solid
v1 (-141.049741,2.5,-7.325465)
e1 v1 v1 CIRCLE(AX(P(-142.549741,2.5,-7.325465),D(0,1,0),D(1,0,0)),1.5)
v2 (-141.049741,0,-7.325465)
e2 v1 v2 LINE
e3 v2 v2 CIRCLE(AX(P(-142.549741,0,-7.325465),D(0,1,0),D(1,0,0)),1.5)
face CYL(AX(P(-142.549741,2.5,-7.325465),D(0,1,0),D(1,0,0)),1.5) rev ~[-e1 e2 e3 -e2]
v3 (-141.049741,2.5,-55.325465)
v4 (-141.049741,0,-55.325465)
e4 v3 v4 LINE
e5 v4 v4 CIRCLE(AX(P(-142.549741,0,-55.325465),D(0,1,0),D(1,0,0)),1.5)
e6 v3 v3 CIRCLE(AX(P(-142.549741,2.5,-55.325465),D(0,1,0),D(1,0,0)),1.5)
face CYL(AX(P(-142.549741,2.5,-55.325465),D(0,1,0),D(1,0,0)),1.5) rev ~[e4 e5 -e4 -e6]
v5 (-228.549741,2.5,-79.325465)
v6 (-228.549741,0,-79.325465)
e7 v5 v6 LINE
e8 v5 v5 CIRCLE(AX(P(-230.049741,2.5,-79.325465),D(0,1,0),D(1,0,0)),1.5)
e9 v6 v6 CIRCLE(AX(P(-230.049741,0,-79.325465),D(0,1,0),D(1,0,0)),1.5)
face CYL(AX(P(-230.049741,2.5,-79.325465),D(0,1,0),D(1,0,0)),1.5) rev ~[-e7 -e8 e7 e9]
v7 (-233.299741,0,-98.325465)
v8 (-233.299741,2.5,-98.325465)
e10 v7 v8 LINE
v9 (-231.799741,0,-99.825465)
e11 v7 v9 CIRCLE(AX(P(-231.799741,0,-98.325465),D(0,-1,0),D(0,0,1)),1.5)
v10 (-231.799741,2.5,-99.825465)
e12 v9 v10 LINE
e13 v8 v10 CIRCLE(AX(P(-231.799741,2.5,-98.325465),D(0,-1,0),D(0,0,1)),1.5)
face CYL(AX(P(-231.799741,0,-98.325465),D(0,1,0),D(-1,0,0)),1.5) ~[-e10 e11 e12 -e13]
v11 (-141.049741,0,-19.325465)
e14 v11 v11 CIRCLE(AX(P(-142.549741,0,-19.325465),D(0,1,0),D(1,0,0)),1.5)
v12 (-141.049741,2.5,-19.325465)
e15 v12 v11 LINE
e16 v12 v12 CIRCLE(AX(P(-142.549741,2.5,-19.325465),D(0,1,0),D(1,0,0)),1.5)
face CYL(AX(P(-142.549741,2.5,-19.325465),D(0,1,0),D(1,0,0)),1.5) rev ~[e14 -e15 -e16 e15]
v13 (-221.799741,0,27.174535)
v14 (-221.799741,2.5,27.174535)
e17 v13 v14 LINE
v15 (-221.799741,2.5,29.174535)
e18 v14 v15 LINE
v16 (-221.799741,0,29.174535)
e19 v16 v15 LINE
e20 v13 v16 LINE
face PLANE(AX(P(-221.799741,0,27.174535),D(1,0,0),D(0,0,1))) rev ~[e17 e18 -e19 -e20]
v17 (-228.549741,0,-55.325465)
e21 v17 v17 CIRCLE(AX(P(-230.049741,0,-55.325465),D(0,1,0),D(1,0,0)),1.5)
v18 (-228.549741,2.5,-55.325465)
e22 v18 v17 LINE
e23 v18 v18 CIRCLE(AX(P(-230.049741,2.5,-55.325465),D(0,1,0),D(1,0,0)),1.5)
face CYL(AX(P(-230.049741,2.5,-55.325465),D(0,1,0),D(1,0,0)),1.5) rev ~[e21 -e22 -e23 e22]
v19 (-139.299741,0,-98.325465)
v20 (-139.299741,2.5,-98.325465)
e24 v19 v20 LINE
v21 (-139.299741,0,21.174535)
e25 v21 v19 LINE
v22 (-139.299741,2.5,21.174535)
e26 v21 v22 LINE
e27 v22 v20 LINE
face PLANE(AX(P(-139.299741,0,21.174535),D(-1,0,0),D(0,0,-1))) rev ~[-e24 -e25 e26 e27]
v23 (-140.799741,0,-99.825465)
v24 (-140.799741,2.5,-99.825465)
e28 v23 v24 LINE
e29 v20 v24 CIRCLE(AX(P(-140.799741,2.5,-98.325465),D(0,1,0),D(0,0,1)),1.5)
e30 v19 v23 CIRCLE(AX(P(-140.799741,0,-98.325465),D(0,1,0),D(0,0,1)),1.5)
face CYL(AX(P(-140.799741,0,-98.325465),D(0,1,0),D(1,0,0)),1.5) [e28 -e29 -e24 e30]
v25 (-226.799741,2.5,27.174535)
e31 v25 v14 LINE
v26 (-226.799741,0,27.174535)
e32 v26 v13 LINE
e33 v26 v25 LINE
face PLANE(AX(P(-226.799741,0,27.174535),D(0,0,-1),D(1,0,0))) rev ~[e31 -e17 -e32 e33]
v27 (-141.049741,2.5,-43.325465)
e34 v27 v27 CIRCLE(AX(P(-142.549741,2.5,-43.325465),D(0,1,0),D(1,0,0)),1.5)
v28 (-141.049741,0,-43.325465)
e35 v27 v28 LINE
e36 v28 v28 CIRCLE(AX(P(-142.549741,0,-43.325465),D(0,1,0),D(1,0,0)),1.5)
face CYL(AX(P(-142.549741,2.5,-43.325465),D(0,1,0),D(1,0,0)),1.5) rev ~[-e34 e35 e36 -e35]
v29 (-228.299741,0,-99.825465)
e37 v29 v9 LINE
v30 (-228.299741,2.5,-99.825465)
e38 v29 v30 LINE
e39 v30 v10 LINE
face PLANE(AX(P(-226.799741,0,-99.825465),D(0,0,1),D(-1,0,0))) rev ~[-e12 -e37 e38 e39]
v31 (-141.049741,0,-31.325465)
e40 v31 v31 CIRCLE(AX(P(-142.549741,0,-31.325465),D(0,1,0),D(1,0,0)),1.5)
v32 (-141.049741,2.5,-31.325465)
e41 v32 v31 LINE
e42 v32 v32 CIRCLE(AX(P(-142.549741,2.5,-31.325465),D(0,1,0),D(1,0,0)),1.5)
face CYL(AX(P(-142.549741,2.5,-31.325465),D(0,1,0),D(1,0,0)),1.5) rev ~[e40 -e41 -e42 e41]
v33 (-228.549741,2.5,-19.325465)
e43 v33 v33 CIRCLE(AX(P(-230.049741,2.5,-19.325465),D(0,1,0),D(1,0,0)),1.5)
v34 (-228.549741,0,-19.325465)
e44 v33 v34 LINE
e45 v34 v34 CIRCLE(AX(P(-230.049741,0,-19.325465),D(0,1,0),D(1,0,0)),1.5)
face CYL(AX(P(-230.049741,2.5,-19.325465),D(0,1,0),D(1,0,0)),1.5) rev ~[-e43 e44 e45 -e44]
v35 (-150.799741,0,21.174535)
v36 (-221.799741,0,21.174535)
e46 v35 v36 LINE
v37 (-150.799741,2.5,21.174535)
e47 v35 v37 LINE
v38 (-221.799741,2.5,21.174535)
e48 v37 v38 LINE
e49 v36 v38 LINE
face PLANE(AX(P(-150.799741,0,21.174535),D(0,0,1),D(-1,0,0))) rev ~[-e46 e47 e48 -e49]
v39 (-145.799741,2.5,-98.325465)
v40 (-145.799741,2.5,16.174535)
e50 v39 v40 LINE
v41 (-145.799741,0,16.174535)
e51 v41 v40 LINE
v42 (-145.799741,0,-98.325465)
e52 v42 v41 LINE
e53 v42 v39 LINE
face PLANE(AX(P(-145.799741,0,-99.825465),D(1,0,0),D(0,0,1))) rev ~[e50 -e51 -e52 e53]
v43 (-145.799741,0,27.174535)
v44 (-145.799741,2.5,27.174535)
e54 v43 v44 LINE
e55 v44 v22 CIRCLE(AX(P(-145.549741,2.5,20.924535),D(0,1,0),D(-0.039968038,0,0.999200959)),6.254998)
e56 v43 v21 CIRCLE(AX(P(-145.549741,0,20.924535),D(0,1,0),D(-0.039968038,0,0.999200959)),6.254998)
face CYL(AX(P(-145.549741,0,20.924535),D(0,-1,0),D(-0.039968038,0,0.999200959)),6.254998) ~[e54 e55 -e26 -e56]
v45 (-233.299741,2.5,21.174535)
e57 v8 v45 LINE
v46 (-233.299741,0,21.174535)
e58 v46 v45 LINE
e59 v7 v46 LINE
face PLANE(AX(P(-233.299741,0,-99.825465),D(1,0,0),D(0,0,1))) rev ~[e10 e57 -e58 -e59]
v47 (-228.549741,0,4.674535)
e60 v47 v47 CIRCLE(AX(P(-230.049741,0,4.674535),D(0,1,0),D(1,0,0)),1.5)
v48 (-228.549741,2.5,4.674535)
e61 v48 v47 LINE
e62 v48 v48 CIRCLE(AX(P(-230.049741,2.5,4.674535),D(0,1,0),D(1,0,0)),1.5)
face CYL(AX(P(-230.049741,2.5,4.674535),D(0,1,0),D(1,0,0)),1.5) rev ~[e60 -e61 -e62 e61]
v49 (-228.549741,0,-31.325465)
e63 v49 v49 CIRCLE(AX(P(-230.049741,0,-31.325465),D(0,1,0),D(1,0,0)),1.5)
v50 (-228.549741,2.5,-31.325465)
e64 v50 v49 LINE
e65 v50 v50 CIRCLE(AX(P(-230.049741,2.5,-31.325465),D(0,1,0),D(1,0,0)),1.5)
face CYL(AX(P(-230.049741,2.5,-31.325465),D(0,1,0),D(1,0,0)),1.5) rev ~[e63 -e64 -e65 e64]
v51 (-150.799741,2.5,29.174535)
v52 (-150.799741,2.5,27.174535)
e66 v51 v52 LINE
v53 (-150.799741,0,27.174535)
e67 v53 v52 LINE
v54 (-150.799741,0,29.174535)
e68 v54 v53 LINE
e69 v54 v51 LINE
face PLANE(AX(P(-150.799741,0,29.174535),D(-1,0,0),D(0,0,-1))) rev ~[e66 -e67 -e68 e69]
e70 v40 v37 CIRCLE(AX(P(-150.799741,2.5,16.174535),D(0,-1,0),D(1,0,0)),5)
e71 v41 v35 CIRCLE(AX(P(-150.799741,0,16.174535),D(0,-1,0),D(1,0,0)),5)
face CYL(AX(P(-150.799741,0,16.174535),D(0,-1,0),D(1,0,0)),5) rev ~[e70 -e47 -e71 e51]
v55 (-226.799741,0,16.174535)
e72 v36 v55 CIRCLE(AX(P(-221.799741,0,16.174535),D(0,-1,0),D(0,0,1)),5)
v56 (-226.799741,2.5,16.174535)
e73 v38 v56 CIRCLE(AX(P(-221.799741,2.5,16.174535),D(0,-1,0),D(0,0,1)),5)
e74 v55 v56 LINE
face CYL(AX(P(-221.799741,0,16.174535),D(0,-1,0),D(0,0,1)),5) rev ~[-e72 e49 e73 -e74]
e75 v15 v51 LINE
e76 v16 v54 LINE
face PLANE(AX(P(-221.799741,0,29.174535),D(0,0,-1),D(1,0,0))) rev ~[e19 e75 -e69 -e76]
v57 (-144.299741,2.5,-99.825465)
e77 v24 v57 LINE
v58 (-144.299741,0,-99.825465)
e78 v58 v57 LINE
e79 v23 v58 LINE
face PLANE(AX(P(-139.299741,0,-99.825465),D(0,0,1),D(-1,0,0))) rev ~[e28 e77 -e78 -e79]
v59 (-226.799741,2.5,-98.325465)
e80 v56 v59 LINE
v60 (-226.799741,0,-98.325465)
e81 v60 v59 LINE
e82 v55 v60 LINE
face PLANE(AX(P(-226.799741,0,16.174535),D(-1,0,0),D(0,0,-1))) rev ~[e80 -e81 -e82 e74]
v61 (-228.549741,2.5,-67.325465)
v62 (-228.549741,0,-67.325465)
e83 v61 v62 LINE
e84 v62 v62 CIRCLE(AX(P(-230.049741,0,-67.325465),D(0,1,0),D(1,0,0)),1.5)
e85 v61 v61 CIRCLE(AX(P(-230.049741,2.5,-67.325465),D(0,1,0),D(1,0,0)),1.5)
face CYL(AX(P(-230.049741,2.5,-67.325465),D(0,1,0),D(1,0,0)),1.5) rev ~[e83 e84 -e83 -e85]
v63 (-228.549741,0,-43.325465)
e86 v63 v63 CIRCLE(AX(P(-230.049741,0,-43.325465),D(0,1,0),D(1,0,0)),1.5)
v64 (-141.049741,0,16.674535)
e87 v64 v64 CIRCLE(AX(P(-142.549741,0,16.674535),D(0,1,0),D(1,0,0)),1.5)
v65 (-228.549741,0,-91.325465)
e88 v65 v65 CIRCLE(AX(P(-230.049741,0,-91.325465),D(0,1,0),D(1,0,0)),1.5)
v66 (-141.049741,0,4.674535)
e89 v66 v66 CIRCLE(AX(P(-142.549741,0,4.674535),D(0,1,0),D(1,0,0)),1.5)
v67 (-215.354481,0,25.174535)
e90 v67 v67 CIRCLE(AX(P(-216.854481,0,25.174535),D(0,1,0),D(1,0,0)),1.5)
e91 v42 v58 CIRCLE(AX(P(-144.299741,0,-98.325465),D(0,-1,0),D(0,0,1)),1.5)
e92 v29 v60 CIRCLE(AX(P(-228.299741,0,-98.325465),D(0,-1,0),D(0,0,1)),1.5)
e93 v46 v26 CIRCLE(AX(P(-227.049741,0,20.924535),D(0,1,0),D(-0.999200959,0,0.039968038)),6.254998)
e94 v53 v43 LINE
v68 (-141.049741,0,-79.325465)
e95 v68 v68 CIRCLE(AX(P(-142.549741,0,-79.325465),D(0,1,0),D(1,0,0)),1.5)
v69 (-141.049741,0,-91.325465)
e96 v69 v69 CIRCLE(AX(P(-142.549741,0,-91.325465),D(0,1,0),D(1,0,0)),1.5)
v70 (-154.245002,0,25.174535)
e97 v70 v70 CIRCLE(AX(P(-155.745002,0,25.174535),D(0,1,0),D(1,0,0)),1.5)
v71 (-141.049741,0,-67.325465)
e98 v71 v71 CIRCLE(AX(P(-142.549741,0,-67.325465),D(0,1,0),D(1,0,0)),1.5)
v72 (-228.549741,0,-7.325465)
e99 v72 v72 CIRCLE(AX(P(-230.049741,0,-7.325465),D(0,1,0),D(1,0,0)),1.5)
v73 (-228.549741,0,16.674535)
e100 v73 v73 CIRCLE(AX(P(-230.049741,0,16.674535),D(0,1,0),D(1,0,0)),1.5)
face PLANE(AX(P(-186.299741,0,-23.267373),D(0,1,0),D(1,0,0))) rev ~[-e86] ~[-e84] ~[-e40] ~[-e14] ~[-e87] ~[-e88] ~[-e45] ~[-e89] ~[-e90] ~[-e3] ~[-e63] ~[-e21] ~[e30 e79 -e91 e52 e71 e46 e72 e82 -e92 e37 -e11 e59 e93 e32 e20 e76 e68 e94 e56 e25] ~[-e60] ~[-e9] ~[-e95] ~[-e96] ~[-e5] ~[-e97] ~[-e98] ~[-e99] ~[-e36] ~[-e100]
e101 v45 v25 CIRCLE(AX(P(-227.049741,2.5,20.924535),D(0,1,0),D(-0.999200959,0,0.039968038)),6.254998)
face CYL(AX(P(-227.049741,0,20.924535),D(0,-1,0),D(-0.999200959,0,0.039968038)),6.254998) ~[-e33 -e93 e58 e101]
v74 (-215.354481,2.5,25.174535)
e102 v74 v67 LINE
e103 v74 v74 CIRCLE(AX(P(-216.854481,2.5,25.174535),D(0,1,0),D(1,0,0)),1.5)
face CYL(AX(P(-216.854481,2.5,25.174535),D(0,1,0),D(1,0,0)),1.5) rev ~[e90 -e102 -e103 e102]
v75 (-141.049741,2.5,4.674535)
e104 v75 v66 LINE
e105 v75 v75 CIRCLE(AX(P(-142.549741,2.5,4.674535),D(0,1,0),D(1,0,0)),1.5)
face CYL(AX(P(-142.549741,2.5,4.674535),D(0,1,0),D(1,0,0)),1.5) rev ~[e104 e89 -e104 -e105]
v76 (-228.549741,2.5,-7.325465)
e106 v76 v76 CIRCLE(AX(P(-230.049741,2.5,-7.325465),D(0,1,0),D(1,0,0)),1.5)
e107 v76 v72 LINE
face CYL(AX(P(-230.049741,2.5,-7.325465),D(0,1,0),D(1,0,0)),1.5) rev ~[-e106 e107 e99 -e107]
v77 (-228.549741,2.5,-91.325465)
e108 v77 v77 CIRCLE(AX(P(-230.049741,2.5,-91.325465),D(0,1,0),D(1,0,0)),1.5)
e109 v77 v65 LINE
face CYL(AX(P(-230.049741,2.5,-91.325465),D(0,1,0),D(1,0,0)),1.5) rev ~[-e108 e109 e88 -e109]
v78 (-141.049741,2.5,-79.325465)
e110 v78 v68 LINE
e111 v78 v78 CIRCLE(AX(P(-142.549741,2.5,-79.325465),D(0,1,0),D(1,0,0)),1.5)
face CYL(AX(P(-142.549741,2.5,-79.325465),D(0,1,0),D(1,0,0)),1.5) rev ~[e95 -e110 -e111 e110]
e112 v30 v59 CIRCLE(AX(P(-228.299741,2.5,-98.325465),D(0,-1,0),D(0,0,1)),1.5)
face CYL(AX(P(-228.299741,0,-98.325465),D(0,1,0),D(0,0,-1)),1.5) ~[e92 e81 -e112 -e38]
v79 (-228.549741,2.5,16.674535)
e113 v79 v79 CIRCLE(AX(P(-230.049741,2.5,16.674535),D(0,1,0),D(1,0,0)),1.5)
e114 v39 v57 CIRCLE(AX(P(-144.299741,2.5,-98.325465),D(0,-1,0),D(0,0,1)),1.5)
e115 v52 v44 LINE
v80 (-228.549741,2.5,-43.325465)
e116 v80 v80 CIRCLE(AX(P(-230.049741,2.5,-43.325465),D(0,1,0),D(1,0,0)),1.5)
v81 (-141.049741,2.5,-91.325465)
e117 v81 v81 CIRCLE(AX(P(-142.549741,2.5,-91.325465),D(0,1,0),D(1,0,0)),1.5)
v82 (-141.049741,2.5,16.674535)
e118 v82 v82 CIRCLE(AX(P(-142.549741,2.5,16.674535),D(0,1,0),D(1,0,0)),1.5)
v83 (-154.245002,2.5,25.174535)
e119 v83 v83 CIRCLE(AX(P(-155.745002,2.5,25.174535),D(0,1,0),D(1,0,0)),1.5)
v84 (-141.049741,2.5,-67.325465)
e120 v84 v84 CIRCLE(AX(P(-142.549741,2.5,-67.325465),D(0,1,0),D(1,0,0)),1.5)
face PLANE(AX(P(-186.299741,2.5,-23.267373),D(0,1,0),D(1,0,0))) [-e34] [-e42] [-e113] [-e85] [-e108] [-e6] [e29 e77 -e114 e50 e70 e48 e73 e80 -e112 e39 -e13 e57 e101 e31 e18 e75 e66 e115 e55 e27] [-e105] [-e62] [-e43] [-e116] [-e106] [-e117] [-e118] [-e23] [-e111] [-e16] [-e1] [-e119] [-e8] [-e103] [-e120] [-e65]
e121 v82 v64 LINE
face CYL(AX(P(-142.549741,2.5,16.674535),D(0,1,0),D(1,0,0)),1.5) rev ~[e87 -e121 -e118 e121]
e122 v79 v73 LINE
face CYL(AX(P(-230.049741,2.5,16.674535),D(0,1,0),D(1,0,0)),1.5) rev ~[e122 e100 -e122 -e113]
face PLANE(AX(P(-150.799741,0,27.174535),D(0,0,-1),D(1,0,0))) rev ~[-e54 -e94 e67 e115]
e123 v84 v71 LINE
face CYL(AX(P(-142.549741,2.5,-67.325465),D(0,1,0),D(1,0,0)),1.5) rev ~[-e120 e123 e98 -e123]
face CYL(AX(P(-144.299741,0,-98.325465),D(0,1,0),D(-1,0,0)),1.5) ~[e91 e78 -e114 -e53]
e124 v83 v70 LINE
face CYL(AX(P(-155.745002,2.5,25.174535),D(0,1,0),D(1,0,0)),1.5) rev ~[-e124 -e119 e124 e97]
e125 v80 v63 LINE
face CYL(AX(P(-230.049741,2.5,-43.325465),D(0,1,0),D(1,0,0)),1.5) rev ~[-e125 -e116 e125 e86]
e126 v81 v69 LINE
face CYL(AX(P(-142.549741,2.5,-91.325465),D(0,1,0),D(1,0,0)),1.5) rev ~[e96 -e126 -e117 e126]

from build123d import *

# Parameters (mm, degrees)
BOSS_EXTRUDE1_DEPTH = 2.5
SKETCH2_R           = 1.5
CUT_EXTRUDE1_DEPTH  = 2.5
FILLET1_R           = 1.5


with BuildPart() as part:
    # Sketch1 → Boss-Extrude1 (new body)
    with BuildSketch(Plane(origin=(0, 0, 0), x_dir=(1, 0, 0), z_dir=(0, 1, 0))):
        with BuildLine():
            Line((-233.299741314, 67.325465398), (-233.299741314, -21.174534602))
            ThreePointArc((-233.299741314, -21.174534602), (-231.292382001, -25.52072868), (-226.799741314, -27.174534602))
            Line((-226.799741314, -27.174534602), (-221.799741314, -27.174534602))
            Line((-221.799741314, -27.174534602), (-221.799741314, -29.174534602))
            Line((-221.799741314, -29.174534602), (-150.799741314, -29.174534602))
            Line((-150.799741314, -29.174534602), (-150.799741314, -27.174534602))
            Line((-150.799741314, -27.174534602), (-145.799741314, -27.174534602))
            ThreePointArc((-145.799741314, -27.174534602), (-141.307100627, -25.52072868), (-139.299741314, -21.174534602))
            Line((-139.299741314, -21.174534602), (-139.299741314, 67.325465398))
            Line((-139.299741314, 67.325465398), (-139.299741314, 99.825465398))
            Line((-139.299741314, 99.825465398), (-145.799741314, 99.825465398))
            Line((-145.799741314, 99.825465398), (-145.799741314, 67.325465398))
            Line((-145.799741314, 67.325465398), (-145.799741314, -16.174534602))
            ThreePointArc((-145.799741314, -16.174534602), (-147.264207408, -19.710068508), (-150.799741314, -21.174534602))
            Line((-150.799741314, -21.174534602), (-221.799741314, -21.174534602))
            ThreePointArc((-221.799741314, -21.174534602), (-225.33527522, -19.710068508), (-226.799741314, -16.174534602))
            Line((-226.799741314, -16.174534602), (-226.799741314, 67.325465398))
            Line((-226.799741314, 67.325465398), (-226.799741314, 99.825465398))
            Line((-226.799741314, 99.825465398), (-233.299741314, 99.825465398))
            Line((-233.299741314, 99.825465398), (-233.299741314, 67.325465398))
        make_face()
    extrude(amount=BOSS_EXTRUDE1_DEPTH)

    # Sketch2 → Cut-Extrude1 (cut)
    with BuildSketch(Plane(origin=(0, 2.5, 0), x_dir=(1, 0, 0), z_dir=(0, 1, 0))):
        with Locations((-230.049741314, 7.325465398)):
            Circle(SKETCH2_R)
        with Locations((-142.549741314, 7.325465398)):
            Circle(SKETCH2_R)
        with Locations((-230.049741314, 31.325465398)):
            Circle(SKETCH2_R)
        with Locations((-230.049741314, 55.325465398)):
            Circle(SKETCH2_R)
        with Locations((-230.049741314, 43.325465398)):
            Circle(SKETCH2_R)
        with Locations((-230.049741314, 19.325465398)):
            Circle(SKETCH2_R)
        with Locations((-230.049741314, -4.674534602)):
            Circle(SKETCH2_R)
        with Locations((-142.549741314, -4.674534602)):
            Circle(SKETCH2_R)
        with Locations((-142.549741314, 19.325465398)):
            Circle(SKETCH2_R)
        with Locations((-142.549741314, 31.325465398)):
            Circle(SKETCH2_R)
        with Locations((-142.549741314, 43.325465398)):
            Circle(SKETCH2_R)
        with Locations((-142.549741314, 55.325465398)):
            Circle(SKETCH2_R)
        with Locations((-230.049741314, -16.674534602)):
            Circle(SKETCH2_R)
        with Locations((-142.549741314, -16.674534602)):
            Circle(SKETCH2_R)
        with Locations((-216.854480823, -25.174534602)):
            Circle(SKETCH2_R)
        with Locations((-155.745001805, -25.174534602)):
            Circle(SKETCH2_R)
        with Locations((-230.049741314, 67.325465398)):
            Circle(SKETCH2_R)
        with Locations((-142.549741314, 67.325465398)):
            Circle(SKETCH2_R)
        with Locations((-230.049741314, 79.325465398)):
            Circle(SKETCH2_R)
        with Locations((-142.549741314, 79.325465398)):
            Circle(SKETCH2_R)
        with Locations((-230.049741314, 91.325465398)):
            Circle(SKETCH2_R)
        with Locations((-142.549741314, 91.325465398)):
            Circle(SKETCH2_R)
    extrude(amount=-CUT_EXTRUDE1_DEPTH, mode=Mode.SUBTRACT)

    # Fillet1
    fillet1_edges = [part.edges().sort_by_distance(p)[0] for p in [
        (-145.799741314, 1.25, -99.825465398),
        (-139.299741314, 1.25, -99.825465398),
        (-233.299741314, 1.25, -99.825465398),
        (-226.799741314, 1.25, -99.825465398),
    ]]
    fillet(fillet1_edges, radius=FILLET1_R)


solid = part.part
